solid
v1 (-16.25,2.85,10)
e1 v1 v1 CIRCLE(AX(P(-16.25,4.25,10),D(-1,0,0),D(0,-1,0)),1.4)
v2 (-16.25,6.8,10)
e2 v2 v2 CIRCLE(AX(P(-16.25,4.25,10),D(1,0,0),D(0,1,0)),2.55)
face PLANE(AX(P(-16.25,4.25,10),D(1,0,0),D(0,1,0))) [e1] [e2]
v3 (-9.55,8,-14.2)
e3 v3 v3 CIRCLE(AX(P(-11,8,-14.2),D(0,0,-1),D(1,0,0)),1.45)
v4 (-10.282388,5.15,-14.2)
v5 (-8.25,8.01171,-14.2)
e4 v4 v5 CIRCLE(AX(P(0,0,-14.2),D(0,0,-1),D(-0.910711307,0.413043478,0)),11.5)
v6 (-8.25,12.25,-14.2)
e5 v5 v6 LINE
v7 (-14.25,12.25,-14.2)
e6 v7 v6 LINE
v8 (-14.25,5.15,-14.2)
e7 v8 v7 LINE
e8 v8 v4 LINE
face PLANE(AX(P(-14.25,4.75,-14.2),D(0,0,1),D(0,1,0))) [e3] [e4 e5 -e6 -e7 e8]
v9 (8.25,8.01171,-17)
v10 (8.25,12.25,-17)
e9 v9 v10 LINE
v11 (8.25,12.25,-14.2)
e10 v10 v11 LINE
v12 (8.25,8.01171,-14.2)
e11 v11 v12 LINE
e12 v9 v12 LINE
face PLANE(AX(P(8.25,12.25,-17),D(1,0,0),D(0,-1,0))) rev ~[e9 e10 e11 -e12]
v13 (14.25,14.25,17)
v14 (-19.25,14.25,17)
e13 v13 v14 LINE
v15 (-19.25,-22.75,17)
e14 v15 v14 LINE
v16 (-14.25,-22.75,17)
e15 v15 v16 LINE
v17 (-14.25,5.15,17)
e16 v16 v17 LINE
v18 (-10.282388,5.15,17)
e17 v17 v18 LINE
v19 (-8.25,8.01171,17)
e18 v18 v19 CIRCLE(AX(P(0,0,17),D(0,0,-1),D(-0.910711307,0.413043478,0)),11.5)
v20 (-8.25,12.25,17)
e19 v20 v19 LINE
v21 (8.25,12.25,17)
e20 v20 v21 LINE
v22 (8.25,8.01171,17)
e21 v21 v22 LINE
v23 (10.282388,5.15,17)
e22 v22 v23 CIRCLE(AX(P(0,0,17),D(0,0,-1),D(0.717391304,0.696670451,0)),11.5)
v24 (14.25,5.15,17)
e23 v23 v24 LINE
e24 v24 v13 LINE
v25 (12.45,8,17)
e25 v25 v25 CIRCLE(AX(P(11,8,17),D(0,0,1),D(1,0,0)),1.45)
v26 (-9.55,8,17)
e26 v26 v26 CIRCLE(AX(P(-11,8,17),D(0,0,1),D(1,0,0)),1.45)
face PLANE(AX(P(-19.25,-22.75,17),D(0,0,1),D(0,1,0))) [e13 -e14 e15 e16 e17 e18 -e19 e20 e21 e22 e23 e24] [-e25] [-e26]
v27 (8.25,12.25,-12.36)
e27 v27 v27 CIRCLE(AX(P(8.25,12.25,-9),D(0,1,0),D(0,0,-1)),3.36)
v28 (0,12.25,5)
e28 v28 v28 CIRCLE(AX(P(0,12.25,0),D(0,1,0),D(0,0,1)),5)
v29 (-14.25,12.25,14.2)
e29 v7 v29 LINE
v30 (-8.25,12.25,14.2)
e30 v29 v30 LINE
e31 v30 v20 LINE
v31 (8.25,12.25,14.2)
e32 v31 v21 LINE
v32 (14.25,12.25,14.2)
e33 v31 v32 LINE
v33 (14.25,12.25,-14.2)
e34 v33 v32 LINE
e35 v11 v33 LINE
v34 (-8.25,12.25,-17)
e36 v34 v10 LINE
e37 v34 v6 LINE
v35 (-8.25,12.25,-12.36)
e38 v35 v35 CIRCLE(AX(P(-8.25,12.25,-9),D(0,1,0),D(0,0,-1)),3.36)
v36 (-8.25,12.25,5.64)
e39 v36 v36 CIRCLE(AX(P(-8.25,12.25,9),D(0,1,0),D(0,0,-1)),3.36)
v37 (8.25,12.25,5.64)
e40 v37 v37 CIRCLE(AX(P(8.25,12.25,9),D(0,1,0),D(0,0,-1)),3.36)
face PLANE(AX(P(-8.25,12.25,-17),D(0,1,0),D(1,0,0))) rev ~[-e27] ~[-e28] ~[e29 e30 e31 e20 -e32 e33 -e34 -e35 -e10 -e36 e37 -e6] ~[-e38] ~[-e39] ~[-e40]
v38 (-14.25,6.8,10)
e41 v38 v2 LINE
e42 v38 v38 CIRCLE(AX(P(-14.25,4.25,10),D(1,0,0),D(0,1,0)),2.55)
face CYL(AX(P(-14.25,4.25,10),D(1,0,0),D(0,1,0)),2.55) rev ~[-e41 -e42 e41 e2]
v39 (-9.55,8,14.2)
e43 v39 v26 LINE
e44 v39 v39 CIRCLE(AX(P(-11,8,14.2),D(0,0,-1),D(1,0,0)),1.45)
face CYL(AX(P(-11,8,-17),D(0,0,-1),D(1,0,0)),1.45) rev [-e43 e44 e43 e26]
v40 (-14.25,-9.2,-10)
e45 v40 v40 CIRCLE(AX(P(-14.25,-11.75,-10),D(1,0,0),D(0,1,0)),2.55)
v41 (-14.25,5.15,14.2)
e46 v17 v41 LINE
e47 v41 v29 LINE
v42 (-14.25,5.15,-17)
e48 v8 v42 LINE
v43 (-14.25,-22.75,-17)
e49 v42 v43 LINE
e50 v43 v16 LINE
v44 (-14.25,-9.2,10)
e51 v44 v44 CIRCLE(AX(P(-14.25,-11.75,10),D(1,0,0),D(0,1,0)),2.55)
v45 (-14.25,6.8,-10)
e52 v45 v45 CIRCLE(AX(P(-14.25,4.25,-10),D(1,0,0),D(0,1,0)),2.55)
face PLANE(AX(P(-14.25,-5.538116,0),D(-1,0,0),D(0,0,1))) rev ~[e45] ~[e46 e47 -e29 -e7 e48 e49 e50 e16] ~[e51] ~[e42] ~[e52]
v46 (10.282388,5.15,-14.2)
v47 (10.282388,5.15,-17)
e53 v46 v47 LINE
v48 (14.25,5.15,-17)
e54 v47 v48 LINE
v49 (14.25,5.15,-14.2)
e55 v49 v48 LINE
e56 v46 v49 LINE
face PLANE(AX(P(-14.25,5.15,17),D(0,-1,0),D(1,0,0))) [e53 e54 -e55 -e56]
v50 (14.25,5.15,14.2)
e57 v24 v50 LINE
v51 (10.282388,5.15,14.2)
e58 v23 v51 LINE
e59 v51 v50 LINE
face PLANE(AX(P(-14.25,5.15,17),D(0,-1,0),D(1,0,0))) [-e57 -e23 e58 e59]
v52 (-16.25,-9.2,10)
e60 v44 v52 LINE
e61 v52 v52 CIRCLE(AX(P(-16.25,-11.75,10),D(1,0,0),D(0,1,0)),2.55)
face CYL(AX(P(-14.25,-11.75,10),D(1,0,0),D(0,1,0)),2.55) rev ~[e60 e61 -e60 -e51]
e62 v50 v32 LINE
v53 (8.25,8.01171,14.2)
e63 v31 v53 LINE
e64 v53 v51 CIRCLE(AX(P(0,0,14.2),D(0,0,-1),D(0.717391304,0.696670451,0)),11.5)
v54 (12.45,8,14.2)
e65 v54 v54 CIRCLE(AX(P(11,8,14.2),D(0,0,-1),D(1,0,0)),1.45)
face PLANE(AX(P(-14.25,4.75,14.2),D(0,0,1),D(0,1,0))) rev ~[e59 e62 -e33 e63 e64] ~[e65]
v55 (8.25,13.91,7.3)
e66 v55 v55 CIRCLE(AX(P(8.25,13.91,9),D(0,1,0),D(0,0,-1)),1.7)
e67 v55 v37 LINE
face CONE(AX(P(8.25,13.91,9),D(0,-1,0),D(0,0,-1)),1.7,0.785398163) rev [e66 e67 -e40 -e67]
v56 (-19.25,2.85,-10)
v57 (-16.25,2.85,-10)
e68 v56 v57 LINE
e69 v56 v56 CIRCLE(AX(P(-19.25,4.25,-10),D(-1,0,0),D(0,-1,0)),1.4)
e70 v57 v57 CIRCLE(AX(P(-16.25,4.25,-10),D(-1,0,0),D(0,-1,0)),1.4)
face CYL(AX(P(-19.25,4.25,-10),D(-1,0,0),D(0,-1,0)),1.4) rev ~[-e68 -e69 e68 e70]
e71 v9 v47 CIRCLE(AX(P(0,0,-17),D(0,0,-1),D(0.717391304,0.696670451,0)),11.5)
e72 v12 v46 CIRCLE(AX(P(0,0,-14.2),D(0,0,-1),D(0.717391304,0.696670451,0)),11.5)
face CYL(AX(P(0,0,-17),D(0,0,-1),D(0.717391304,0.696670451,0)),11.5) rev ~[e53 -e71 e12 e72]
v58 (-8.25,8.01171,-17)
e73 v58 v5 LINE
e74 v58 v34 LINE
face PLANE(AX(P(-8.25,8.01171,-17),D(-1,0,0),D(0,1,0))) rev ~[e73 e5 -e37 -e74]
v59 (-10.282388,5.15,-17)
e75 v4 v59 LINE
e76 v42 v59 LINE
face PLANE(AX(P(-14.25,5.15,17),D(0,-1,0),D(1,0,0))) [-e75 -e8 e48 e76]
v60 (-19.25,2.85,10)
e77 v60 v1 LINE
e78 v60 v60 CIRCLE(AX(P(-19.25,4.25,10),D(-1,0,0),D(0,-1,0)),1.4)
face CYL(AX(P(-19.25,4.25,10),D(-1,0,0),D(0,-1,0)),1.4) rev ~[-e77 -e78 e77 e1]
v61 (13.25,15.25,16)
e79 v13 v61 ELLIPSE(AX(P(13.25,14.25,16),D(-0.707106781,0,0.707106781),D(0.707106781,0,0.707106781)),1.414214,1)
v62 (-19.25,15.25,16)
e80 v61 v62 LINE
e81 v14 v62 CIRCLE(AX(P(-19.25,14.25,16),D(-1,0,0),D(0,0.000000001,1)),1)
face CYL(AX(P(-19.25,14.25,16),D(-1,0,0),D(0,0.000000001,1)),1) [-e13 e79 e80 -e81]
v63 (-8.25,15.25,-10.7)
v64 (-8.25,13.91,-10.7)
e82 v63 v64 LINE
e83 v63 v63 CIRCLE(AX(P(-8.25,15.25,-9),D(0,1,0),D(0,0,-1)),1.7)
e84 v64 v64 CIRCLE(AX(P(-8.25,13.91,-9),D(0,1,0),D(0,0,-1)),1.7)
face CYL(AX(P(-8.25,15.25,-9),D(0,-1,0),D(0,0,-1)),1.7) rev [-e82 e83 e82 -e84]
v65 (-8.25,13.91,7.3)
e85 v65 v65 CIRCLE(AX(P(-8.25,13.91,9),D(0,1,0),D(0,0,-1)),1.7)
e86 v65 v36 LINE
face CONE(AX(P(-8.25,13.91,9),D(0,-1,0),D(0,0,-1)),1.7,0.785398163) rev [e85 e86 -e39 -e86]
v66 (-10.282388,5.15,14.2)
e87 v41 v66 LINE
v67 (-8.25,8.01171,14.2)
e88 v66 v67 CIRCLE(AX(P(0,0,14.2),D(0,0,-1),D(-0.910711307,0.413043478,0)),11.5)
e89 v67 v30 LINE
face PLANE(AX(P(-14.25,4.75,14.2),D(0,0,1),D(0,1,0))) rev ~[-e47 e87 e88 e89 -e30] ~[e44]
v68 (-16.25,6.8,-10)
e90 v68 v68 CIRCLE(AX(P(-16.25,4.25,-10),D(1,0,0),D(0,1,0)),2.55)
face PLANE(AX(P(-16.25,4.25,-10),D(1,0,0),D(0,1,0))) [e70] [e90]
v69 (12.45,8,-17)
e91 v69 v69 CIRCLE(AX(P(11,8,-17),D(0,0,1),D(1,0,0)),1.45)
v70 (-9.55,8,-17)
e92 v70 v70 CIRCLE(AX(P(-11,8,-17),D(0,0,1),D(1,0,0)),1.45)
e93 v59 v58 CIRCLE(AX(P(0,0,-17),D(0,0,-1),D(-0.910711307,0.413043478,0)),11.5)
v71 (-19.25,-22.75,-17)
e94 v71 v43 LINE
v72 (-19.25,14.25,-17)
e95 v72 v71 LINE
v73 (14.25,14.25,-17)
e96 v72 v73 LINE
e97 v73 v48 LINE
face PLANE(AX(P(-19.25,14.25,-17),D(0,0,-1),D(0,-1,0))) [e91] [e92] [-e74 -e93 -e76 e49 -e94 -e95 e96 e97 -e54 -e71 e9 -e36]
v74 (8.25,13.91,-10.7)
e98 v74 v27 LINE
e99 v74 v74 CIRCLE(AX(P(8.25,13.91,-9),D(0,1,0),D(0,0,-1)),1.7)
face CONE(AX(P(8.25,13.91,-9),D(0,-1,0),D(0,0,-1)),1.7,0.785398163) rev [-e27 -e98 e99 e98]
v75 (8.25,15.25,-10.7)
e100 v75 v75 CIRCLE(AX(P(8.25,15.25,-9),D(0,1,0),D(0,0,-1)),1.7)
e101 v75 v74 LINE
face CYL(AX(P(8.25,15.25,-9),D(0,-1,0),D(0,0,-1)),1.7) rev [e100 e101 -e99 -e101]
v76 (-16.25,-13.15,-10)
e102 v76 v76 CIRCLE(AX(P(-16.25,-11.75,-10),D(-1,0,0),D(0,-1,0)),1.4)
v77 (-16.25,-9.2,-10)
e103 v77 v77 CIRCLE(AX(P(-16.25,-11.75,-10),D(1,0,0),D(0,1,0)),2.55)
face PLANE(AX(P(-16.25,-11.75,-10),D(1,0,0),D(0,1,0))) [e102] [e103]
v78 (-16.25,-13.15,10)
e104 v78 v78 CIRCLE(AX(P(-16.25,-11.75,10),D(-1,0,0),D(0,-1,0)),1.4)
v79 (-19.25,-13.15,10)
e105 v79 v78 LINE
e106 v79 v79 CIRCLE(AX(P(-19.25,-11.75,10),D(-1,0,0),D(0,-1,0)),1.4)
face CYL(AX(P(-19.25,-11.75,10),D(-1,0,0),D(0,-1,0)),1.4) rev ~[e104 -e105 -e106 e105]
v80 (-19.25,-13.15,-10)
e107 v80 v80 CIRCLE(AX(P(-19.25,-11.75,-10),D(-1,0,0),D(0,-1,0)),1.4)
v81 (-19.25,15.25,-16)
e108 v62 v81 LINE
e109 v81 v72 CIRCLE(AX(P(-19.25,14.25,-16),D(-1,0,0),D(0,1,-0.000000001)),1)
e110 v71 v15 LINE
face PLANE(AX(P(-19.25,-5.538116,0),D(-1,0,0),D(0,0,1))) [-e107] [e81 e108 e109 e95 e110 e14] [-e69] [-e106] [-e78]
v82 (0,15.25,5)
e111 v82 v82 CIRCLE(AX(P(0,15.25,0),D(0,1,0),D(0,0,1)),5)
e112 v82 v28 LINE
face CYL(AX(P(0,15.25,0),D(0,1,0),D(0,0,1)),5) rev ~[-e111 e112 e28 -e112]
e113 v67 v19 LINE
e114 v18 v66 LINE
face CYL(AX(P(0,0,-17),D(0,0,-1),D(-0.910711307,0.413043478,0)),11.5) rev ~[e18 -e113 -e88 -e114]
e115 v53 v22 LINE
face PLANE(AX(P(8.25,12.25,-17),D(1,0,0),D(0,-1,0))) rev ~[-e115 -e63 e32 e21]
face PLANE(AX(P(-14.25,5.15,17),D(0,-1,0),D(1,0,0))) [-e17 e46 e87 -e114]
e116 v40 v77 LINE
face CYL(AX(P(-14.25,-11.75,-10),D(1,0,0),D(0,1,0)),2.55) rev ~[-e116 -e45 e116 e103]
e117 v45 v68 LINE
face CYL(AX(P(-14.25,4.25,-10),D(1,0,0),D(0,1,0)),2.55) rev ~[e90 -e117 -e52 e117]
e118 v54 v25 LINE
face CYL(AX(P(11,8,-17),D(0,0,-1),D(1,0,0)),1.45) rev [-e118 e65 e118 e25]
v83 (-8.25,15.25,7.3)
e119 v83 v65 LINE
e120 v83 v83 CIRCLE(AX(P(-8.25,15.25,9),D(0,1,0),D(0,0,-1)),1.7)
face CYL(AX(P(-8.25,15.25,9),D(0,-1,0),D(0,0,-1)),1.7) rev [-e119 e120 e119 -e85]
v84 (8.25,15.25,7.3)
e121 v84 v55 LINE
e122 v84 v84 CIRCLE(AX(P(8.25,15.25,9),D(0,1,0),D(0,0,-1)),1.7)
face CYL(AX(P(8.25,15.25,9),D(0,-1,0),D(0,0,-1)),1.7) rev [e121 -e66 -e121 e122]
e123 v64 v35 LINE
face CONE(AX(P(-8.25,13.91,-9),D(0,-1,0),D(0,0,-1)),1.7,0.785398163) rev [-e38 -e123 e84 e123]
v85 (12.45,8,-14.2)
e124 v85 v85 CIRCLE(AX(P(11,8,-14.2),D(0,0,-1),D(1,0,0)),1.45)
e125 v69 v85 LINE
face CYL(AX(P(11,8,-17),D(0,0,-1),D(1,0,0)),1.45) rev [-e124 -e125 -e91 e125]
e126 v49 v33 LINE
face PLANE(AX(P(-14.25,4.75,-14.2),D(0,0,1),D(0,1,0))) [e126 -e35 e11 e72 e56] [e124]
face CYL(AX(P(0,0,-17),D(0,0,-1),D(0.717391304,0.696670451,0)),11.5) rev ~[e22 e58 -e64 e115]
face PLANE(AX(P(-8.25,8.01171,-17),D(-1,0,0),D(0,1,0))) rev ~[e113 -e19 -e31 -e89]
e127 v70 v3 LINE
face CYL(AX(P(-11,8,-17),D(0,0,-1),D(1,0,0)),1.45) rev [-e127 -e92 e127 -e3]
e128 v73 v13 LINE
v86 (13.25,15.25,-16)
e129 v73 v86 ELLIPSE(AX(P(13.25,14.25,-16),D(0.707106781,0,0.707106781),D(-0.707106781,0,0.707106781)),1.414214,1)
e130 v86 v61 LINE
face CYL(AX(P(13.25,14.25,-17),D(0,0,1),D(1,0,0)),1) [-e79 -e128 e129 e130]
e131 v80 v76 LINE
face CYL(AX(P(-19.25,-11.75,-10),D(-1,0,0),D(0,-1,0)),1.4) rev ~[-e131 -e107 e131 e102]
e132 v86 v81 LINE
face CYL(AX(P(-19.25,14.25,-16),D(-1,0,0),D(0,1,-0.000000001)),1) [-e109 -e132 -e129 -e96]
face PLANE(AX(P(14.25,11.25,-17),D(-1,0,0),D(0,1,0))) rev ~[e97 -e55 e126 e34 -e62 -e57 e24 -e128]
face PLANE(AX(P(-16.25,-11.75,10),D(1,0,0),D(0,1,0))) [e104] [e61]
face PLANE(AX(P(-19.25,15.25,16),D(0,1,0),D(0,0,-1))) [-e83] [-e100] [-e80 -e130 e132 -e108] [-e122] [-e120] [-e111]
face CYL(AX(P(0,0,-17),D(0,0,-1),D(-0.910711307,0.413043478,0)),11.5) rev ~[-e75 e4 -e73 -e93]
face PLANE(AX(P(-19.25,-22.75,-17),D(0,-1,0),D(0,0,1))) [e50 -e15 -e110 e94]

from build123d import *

# Parameters (mm, degrees)
BOSS_EXTRUDE7_DEPTH                          = 17
BOSS_EXTRUDE7_DEPTH_BACK                     = 17
SKETCH1_R                                    = 1.45
SKETCH34_W                                   = 28.4
SKETCH34_H                                   = 7.5
CUT_EXTRUDE11_DEPTH                          = 37.521397837
SKETCH35_R                                   = 5
CUT_EXTRUDE12_DEPTH                          = 25.542055741
CSK_FOR_M3_HEX_SOCKET_COUNTERSUNK_CA_2_COUNT = 2
CSK_FOR_M3_HEX_SOCKET_COUNTERSUNK_CA_2_PITCH = 16.5
CSK_FOR_M3_HEX_SOCKET_COUNTERSUNK_CA_3_COUNT = 2
CSK_FOR_M3_HEX_SOCKET_COUNTERSUNK_CA_3_PITCH = 18
CSK_FOR_M3_HEX_SOCKET_COUNTERSUNK_CA_4_COUNT = 2
CSK_FOR_M3_HEX_SOCKET_COUNTERSUNK_CA_4_PITCH = 24.418230894
FILLET5_R                                    = 1
SKETCH41_W                                   = 28.5
SKETCH41_H                                   = 0.4
CUT_EXTRUDE13_DEPTH                          = 40.895175147
BOSS_EXTRUDE8_START                          = 5
BOSS_EXTRUDE8_DEPTH                          = 5
SKETCH48_R                                   = 1.4
CUT_EXTRUDE14_DEPTH                          = 5
SKETCH49_R                                   = 2.55
CUT_EXTRUDE15_DEPTH                          = 2


with BuildPart() as part:
    # Sketch1 → Boss-Extrude7 (new, two sides: drawn at the far end of the back side and taken through both)
    with BuildSketch(Plane.XY.offset(-BOSS_EXTRUDE7_DEPTH_BACK)):
        with BuildLine():
            Line((-14.25, 15.25), (-14.25, 4.75))
            Line((-14.25, 4.75), (-10.473180033, 4.75))
            ThreePointArc((-10.473180033, 4.75), (-9.502581542, 6.476954843), (-8.25, 8.011710179))
            Line((-8.25, 8.011710179), (-8.25, 12.25))
            Line((-8.25, 12.25), (8.25, 12.25))
            Line((8.25, 12.25), (8.25, 8.011710179))
            ThreePointArc((8.25, 8.011710179), (9.502581542, 6.476954843), (10.473180033, 4.75))
            Line((10.473180033, 4.75), (14.25, 4.75))
            Line((14.25, 4.75), (14.25, 15.25))
            Line((14.25, 15.25), (-14.25, 15.25))
        make_face()
        with Locations((11, 8)):
            Circle(SKETCH1_R, mode=Mode.SUBTRACT)
        with Locations((-11, 8)):
            Circle(SKETCH1_R, mode=Mode.SUBTRACT)
    extrude(amount=BOSS_EXTRUDE7_DEPTH + BOSS_EXTRUDE7_DEPTH_BACK)

    # Sketch34 → Cut-Extrude11 (cut, through all)
    with BuildSketch(Plane.ZY.offset(14.25)):
        with Locations((0, 8.5)):
            Rectangle(SKETCH34_W, SKETCH34_H)
    extrude(amount=-CUT_EXTRUDE11_DEPTH, mode=Mode.SUBTRACT)

    # Sketch35 → Cut-Extrude12 (cut, through all)
    with BuildSketch(Plane(origin=(0, 15.25, 0), x_dir=(1, 0, 0), z_dir=(0, 1, 0))):
        Circle(SKETCH35_R)
    extrude(amount=-CUT_EXTRUDE12_DEPTH, mode=Mode.SUBTRACT)

    # Sketch40 → CSK for M3 Hex Socket Countersunk Cap Screw3 (revolve, cut)
    with BuildSketch(Plane(origin=(-8.25, 12.25, 9), x_dir=(0, 0, -1), z_dir=(1, 0, 0))):
        Polygon((0, 0), (0, 3), (1.7, 3), (1.7, 1.66), (3.36, 0), align=None)
    csk_for_m3_hex_socket_countersunk_cap_sc = revolve(axis=Axis((-8.25, 5.9, 9), (0, 1, 0)), mode=Mode.SUBTRACT)

    # CSK for M3 Hex Socket Countersunk Ca 2: CSK for M3 Hex Socket Countersunk Cap Screw3 ×2
    with Locations(*[(i * CSK_FOR_M3_HEX_SOCKET_COUNTERSUNK_CA_2_PITCH, 0, 0) for i in range(1, CSK_FOR_M3_HEX_SOCKET_COUNTERSUNK_CA_2_COUNT)]):
        add(csk_for_m3_hex_socket_countersunk_cap_sc, mode=Mode.SUBTRACT)

    # CSK for M3 Hex Socket Countersunk Ca 3: CSK for M3 Hex Socket Countersunk Cap Screw3 ×2
    with Locations(*[(0, 0, -i * CSK_FOR_M3_HEX_SOCKET_COUNTERSUNK_CA_3_PITCH) for i in range(1, CSK_FOR_M3_HEX_SOCKET_COUNTERSUNK_CA_3_COUNT)]):
        add(csk_for_m3_hex_socket_countersunk_cap_sc, mode=Mode.SUBTRACT)

    # CSK for M3 Hex Socket Countersunk Ca 4: CSK for M3 Hex Socket Countersunk Cap Screw3 ×2
    with Locations(*[Vector(0.6757246285173466, 0, -0.7371541402007413) * (i * CSK_FOR_M3_HEX_SOCKET_COUNTERSUNK_CA_4_PITCH) for i in range(1, CSK_FOR_M3_HEX_SOCKET_COUNTERSUNK_CA_4_COUNT)]):
        add(csk_for_m3_hex_socket_countersunk_cap_sc, mode=Mode.SUBTRACT)

    # Fillet5
    fillet5_edges = [part.edges().sort_by_distance(p)[0] for p in [
        (14.25, 15.25, 0),
        (0, 15.25, -17),
        (0, 15.25, 17),
    ]]
    fillet(fillet5_edges, radius=FILLET5_R)

    # Sketch41 → Cut-Extrude13 (cut, through all)
    with BuildSketch(Plane.XY.offset(17)):
        with Locations((0, 4.95)):
            Rectangle(SKETCH41_W, SKETCH41_H)
    extrude(amount=-CUT_EXTRUDE13_DEPTH, mode=Mode.SUBTRACT)

    # Sketch46 → Boss-Extrude8 (add)
    with BuildSketch(Plane.ZY.offset(14.25).offset(BOSS_EXTRUDE8_START)):
        with BuildLine():
            ThreePointArc((17, 14.25), (16.707106781, 14.957106781), (16, 15.25))
            Line((16, 15.25), (-16, 15.25))
            ThreePointArc((-16, 15.25), (-16.707106781, 14.957106781), (-17, 14.25))
            Line((-17, 14.25), (-17, -22.75))
            Line((-17, -22.75), (17, -22.75))
            Line((17, -22.75), (17, 14.25))
        make_face()
    extrude(amount=-BOSS_EXTRUDE8_DEPTH)

    # Sketch48 → Cut-Extrude14 (cut)
    with BuildSketch(Plane.ZY.offset(19.25)):
        with Locations((-10, -11.75)):
            Circle(SKETCH48_R)
        with Locations((10, -11.75)):
            Circle(SKETCH48_R)
        with Locations((10, 4.25)):
            Circle(SKETCH48_R)
        with Locations((-10, 4.25)):
            Circle(SKETCH48_R)
    extrude(amount=-CUT_EXTRUDE14_DEPTH, mode=Mode.SUBTRACT)

    # Sketch49 → Cut-Extrude15 (cut)
    with BuildSketch(Plane(origin=(-14.25, 0, 0), x_dir=(0, 0, -1), z_dir=(1, 0, 0))):
        with Locations((-10, -11.75)):
            Circle(SKETCH49_R)
        with Locations((10, -11.75)):
            Circle(SKETCH49_R)
        with Locations((10, 4.25)):
            Circle(SKETCH49_R)
        with Locations((-10, 4.25)):
            Circle(SKETCH49_R)
    extrude(amount=-CUT_EXTRUDE15_DEPTH, mode=Mode.SUBTRACT)


solid = part.part
